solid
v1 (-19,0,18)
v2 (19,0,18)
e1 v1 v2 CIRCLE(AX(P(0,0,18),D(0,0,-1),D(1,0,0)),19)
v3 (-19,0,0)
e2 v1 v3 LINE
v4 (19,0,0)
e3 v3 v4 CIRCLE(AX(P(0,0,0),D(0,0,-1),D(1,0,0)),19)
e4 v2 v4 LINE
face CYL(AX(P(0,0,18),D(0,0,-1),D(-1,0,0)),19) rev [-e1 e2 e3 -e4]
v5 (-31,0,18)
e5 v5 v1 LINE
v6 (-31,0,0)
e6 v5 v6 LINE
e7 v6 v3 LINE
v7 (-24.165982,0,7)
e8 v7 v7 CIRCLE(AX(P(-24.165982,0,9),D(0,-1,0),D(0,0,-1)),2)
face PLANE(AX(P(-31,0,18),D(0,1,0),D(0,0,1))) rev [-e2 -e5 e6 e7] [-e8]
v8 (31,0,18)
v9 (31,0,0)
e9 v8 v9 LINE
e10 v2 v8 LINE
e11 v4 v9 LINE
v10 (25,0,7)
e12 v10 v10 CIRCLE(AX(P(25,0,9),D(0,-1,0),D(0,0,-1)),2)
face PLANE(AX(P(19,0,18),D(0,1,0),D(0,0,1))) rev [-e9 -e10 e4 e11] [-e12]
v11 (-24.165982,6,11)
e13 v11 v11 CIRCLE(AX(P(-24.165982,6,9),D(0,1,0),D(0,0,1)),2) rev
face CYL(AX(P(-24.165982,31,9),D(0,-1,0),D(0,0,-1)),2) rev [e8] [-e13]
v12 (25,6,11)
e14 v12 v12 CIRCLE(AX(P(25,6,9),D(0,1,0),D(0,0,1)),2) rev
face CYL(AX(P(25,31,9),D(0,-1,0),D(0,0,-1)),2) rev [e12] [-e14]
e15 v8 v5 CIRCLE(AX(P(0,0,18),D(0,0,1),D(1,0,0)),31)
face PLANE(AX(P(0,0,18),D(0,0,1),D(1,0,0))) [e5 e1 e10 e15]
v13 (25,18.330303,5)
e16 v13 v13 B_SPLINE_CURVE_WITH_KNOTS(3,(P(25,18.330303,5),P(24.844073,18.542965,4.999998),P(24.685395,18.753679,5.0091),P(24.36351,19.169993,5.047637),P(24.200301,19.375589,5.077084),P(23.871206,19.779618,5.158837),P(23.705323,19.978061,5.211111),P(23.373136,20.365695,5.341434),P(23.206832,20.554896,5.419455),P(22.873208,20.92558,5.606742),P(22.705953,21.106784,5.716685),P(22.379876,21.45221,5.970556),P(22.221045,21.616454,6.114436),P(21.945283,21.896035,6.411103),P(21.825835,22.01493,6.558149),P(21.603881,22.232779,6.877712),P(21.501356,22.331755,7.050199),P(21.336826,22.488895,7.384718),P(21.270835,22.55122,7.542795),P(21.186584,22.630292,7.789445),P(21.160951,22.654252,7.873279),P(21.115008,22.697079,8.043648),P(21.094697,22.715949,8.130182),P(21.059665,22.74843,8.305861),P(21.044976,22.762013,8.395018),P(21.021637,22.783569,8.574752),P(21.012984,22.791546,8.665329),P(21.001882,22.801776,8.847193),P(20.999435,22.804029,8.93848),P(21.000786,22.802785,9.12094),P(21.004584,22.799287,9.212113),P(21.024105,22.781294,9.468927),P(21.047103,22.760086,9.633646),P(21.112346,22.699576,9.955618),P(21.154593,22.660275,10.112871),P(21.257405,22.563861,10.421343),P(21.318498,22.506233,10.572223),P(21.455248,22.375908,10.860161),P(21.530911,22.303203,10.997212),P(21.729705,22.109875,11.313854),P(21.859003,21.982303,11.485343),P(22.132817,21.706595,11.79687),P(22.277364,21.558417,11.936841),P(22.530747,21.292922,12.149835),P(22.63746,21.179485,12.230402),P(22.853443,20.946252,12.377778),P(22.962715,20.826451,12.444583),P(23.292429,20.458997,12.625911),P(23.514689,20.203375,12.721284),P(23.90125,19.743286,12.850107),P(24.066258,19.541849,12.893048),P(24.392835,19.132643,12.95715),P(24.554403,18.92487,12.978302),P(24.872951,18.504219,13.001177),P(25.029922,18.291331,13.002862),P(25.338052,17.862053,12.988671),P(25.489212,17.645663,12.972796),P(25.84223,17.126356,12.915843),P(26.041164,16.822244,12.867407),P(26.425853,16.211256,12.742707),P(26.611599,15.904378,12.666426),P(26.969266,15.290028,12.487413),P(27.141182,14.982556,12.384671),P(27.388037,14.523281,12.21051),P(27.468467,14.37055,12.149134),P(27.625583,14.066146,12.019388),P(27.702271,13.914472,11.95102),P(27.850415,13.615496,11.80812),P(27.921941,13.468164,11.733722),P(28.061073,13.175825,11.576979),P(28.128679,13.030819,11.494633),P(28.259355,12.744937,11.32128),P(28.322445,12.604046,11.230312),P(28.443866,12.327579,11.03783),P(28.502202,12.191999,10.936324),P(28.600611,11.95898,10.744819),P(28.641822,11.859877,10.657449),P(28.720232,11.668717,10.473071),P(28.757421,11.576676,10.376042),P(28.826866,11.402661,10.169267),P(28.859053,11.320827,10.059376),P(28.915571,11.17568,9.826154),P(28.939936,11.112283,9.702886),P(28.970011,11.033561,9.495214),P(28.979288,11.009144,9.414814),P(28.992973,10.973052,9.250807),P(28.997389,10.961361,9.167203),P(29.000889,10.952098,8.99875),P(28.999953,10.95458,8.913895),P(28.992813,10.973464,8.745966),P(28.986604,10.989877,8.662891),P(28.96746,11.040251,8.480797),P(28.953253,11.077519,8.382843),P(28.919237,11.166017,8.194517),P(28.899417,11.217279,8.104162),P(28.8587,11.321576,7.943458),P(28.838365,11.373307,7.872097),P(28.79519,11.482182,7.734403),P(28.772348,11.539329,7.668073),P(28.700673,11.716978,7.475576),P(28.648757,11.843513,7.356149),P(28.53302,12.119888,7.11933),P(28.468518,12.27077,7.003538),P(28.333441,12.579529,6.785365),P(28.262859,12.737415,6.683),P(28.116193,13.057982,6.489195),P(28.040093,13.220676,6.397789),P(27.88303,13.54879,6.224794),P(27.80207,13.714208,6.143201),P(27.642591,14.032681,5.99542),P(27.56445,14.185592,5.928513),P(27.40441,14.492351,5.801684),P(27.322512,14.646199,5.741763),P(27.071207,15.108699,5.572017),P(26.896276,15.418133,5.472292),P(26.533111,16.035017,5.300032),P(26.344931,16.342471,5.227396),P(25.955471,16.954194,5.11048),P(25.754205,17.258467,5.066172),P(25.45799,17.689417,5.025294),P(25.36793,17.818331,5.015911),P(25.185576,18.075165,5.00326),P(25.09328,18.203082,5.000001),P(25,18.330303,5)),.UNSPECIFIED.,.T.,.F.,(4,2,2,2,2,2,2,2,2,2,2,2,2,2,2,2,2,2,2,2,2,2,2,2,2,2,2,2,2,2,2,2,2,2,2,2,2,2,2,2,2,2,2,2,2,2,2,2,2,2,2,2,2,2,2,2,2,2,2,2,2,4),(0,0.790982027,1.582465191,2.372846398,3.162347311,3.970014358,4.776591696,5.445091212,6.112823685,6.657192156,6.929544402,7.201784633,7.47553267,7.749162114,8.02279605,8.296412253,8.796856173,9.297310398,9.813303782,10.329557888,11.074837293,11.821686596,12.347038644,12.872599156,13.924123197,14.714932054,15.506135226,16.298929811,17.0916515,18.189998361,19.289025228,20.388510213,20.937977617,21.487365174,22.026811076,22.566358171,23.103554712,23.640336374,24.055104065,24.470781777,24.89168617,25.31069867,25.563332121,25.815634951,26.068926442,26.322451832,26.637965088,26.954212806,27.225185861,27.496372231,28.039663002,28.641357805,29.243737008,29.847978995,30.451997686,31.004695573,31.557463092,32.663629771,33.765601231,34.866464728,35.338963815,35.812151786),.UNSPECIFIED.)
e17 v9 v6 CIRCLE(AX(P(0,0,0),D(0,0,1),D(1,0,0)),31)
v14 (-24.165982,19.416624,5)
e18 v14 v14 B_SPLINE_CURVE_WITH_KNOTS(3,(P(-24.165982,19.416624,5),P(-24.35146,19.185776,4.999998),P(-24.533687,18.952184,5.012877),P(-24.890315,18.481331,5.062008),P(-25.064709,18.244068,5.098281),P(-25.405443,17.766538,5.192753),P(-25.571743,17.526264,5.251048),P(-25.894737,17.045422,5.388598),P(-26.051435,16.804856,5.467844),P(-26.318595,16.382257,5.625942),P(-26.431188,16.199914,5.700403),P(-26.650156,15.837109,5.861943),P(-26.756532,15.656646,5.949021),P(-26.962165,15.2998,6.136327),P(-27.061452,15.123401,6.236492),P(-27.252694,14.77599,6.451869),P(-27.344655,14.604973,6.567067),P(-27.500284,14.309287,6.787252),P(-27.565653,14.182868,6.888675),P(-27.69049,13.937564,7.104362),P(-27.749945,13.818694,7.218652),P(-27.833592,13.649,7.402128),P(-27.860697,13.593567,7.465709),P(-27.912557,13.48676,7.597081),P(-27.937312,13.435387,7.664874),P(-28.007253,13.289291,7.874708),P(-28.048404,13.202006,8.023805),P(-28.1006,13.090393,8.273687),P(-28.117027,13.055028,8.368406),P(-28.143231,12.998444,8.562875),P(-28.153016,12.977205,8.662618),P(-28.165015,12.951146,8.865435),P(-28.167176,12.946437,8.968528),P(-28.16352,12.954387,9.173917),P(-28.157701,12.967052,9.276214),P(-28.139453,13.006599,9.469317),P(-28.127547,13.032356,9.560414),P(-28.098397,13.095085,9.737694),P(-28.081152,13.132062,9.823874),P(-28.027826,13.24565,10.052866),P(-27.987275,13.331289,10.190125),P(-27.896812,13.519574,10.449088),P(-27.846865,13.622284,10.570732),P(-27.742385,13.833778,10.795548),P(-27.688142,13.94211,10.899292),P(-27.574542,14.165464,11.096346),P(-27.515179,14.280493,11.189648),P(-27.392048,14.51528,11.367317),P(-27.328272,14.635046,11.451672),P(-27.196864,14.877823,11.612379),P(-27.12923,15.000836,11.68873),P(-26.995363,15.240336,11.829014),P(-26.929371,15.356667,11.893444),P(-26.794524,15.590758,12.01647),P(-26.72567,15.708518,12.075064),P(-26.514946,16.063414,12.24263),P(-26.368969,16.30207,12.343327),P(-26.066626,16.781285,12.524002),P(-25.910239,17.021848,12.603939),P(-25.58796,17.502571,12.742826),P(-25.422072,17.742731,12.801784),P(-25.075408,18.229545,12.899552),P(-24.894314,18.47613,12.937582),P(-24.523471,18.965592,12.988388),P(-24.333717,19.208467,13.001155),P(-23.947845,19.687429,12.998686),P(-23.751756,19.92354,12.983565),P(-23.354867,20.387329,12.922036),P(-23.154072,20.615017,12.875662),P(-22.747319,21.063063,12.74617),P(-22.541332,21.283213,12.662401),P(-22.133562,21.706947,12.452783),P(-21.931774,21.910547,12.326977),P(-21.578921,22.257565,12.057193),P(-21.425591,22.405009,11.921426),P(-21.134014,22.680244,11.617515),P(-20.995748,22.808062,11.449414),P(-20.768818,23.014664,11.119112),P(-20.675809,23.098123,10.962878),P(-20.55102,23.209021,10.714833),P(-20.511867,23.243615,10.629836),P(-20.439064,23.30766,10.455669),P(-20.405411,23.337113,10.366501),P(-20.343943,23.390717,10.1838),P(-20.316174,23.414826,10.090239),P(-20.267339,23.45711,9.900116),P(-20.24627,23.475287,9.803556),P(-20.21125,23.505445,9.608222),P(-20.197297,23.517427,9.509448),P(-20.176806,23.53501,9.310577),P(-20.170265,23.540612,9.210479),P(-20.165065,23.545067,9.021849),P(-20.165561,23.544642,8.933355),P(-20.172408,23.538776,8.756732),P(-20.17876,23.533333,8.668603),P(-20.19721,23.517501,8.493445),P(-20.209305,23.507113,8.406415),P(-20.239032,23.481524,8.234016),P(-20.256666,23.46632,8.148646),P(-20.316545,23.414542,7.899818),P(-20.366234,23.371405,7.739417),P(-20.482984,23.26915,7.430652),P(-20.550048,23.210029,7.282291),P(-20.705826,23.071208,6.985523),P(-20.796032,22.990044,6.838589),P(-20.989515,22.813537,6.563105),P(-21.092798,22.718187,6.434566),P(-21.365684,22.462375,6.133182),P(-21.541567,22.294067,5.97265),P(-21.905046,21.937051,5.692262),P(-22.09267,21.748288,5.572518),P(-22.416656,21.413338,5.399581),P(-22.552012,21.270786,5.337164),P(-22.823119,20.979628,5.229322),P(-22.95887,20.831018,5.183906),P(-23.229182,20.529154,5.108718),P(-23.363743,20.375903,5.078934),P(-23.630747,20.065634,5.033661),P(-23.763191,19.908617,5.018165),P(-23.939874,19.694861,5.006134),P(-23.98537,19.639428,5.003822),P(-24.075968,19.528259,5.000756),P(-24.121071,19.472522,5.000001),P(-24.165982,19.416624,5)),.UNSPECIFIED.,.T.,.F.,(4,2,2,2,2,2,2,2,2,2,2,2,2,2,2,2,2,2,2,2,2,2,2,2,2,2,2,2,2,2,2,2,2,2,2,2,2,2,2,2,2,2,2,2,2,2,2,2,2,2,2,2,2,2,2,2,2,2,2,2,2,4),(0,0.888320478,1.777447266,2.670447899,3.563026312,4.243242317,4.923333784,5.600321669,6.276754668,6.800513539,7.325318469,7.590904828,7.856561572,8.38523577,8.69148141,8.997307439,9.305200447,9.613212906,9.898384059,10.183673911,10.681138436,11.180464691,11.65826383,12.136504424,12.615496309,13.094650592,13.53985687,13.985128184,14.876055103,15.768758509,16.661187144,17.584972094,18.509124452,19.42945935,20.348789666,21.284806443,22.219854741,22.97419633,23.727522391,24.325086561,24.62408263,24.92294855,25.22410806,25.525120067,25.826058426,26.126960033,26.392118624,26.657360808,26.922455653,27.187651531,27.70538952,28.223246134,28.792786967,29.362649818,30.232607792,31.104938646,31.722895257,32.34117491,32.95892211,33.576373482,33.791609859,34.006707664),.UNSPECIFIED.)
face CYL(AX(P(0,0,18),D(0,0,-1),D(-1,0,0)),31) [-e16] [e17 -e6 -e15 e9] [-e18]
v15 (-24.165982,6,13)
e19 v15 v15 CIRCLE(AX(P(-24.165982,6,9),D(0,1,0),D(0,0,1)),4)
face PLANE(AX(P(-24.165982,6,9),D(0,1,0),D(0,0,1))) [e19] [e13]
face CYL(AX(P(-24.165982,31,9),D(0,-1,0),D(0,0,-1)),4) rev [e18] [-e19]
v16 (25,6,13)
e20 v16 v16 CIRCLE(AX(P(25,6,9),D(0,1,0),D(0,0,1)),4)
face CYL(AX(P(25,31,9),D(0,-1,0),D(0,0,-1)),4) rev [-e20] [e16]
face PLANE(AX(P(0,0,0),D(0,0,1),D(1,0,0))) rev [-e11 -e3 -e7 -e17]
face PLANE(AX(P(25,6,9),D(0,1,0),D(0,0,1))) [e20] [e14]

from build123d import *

# Parameters (mm, degrees)
BOSS_EXTRUDE1_DEPTH = 18
SKETCH2_R           = 2
CUT_EXTRUDE1_DEPTH  = 48.391982444
SKETCH3_R           = 4
CUT_EXTRUDE2_DEPTH  = 44.703546936


with BuildPart() as part:
    # Sketch1 → Boss-Extrude1 (new body)
    with BuildSketch(Plane.XY):
        with BuildLine():
            Line((-31, 0), (-19, 0))
            ThreePointArc((-19, 0), (0, 19), (19, 0))
            Line((19, 0), (31, 0))
            ThreePointArc((31, 0), (0, 31), (-31, 0))
        make_face()
    extrude(amount=BOSS_EXTRUDE1_DEPTH)

    # Sketch2 → Cut-Extrude1 (cut, through all)
    with BuildSketch(Plane.XZ):
        with Locations(Location((-24.165982166, 9, 0), (0, 0, 270))):
            Circle(SKETCH2_R)
        with Locations(Location((25, 9, 0), (0, 0, 270))):
            Circle(SKETCH2_R)
    extrude(amount=-CUT_EXTRUDE1_DEPTH, mode=Mode.SUBTRACT)

    # Sketch3 → Cut-Extrude2 (cut, through all)
    with BuildSketch(Plane(origin=(0, 6, 0), x_dir=(1, 0, 0), z_dir=(0, 1, 0))):
        with Locations(Location((-24.165982166, -9, 0), (0, 0, 90))):
            Circle(SKETCH3_R)
        with Locations(Location((25, -9, 0), (0, 0, 90))):
            Circle(SKETCH3_R)
    extrude(amount=CUT_EXTRUDE2_DEPTH, mode=Mode.SUBTRACT)


solid = part.part
